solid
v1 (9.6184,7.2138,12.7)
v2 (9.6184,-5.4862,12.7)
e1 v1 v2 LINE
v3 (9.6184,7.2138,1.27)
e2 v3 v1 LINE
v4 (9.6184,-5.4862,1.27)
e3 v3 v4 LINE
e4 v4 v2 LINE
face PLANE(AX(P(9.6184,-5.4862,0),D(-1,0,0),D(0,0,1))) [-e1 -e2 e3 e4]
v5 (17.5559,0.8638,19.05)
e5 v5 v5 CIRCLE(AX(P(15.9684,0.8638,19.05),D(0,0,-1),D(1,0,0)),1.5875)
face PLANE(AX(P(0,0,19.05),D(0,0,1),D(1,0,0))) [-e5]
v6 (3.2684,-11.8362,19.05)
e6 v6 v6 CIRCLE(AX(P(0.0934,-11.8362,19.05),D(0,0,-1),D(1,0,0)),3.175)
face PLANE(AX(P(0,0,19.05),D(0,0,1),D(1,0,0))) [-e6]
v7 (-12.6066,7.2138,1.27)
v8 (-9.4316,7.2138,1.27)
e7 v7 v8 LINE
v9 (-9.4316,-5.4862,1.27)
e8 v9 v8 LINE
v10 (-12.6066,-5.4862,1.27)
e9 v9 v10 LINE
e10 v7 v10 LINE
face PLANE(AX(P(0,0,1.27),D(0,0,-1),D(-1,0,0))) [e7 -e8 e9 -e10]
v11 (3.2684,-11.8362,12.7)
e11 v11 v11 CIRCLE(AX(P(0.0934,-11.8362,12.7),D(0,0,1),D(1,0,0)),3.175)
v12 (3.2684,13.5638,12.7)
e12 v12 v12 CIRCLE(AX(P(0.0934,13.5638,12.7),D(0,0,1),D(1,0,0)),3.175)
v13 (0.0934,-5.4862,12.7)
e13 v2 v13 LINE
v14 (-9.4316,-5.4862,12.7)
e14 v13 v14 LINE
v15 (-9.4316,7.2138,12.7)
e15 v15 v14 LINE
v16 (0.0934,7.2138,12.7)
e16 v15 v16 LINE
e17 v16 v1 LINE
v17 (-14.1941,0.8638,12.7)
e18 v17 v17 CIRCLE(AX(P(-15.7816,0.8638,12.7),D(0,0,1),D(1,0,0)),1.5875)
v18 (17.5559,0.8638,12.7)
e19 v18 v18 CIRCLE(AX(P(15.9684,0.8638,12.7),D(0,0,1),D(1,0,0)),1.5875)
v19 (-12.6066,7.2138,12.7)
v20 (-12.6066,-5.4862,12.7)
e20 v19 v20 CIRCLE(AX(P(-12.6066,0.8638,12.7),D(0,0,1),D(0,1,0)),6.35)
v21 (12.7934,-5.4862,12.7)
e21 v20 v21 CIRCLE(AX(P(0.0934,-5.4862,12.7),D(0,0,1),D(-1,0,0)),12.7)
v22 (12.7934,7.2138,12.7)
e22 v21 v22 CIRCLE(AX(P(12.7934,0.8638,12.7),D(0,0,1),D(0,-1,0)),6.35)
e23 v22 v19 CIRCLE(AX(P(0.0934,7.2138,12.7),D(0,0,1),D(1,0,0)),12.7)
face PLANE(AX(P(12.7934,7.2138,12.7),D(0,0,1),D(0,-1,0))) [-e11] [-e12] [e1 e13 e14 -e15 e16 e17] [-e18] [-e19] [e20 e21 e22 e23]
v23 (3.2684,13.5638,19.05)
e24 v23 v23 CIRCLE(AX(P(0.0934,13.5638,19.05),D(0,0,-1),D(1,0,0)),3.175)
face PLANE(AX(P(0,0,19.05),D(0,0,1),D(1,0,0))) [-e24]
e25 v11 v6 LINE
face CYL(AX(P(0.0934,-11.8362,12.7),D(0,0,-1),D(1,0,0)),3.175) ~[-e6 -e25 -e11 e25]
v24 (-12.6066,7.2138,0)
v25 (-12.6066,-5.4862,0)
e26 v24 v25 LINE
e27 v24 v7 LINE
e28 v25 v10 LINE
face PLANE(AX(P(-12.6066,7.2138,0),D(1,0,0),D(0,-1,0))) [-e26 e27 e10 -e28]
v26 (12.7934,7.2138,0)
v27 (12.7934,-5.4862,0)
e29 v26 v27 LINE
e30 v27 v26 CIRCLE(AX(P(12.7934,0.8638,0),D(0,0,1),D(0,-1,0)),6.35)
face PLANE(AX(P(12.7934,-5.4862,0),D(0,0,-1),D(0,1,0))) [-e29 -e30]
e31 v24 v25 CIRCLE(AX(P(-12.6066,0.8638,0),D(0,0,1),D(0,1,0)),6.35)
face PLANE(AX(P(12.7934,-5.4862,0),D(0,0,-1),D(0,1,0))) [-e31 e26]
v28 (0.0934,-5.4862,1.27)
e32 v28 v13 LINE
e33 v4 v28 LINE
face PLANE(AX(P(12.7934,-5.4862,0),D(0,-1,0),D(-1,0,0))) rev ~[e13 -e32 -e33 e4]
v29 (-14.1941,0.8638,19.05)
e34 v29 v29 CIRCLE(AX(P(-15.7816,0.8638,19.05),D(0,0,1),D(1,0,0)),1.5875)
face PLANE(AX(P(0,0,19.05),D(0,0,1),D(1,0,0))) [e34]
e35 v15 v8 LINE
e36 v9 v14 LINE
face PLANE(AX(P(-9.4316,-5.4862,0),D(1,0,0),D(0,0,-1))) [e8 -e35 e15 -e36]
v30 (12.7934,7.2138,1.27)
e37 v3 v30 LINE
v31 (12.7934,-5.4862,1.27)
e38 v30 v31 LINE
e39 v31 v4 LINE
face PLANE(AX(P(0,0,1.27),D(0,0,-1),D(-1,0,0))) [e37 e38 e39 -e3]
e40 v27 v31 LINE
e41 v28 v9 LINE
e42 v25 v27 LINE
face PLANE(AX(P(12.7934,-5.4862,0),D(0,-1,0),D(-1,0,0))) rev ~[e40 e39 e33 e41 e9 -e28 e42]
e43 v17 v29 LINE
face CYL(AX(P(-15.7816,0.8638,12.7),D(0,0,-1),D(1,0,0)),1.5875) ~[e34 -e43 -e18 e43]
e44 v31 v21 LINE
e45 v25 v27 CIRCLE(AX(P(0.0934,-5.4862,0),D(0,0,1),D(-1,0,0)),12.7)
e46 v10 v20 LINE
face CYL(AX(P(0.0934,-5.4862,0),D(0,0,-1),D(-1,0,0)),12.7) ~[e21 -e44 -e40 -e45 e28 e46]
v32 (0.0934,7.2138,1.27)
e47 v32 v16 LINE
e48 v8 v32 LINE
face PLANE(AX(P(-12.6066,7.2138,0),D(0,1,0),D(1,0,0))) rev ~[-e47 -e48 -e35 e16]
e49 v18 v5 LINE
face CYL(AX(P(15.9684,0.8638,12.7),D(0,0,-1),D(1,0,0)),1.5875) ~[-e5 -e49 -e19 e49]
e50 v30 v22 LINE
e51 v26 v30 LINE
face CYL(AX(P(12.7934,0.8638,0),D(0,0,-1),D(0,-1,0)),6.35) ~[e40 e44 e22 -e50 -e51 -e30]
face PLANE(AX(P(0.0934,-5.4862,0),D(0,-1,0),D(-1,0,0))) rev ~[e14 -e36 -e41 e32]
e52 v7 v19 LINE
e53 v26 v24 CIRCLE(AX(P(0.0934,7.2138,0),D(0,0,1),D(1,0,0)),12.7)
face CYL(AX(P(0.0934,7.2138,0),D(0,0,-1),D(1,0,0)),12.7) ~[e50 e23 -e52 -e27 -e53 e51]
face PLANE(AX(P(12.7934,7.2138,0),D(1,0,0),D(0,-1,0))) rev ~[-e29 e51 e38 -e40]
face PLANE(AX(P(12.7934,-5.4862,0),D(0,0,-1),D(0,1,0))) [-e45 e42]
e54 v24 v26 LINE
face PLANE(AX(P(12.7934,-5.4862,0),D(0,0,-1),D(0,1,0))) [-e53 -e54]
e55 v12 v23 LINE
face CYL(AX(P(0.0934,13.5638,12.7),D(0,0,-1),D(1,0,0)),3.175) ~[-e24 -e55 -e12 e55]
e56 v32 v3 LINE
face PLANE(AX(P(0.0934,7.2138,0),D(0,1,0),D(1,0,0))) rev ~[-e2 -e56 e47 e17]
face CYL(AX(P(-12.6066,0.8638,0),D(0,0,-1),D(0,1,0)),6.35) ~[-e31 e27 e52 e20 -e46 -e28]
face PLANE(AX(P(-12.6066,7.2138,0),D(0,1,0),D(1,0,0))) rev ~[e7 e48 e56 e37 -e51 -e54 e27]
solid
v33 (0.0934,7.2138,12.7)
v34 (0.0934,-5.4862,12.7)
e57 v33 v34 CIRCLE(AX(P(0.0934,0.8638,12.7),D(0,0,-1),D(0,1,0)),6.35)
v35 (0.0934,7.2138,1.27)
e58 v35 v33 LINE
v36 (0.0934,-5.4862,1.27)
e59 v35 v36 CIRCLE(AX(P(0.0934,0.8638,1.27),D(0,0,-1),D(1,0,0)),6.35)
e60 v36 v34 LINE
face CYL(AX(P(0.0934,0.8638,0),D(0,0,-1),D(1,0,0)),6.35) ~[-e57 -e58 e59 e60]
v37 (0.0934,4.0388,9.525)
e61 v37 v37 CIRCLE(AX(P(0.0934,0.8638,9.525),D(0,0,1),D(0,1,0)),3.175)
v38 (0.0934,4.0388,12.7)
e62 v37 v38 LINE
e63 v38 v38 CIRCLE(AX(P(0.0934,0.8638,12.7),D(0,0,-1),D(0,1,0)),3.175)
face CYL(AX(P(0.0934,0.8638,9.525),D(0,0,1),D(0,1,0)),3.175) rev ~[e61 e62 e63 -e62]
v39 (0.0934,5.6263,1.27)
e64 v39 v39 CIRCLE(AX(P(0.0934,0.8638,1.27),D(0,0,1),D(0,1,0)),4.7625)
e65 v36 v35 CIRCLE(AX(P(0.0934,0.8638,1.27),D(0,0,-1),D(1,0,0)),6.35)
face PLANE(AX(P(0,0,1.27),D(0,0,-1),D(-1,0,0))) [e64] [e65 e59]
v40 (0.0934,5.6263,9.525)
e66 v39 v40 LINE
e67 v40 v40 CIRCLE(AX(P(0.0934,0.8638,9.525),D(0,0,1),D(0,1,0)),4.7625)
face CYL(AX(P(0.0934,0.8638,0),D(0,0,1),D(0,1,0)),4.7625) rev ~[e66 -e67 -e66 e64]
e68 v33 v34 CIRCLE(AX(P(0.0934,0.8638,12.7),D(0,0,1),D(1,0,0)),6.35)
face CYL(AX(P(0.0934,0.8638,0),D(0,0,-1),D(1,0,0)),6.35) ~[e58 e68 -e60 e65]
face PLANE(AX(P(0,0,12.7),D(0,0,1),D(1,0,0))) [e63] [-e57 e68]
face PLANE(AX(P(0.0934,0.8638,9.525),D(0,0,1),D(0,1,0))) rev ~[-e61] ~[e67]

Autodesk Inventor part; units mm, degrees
ref_plane "YZ Plane" through (0, 0, 0) normal (1, 0, 0) x (0, 1, 0)
ref_plane "XZ Plane" through (0, 0, 0) normal (0, 1, 0) x (-1, 0, 0)
ref_plane "XY Plane" through (0, 0, 0) normal (0, 0, 1) x (1, 0, 0)
sketch "Sketch1" plane through (0, 0, 0) normal (0, 0, 1) x (1, 0, 0)
  line L0 (-12.6066, 7.2138) -> (12.7934, 7.2138)
  line L1 (12.7934, 7.2138) -> (12.7934, -5.4862)
  line L2 (12.7934, -5.4862) -> (-12.6066, -5.4862)
  line L3 (-12.6066, -5.4862) -> (-12.6066, 7.2138)
  arc A0 (12.7934, 7.2138) -> (-12.6066, 7.2138) centre (0.0934, 7.2138) ccw
  arc A1 (-12.6066, -5.4862) -> (12.7934, -5.4862) centre (0.0934, -5.4862) ccw
  arc A2 (-12.6066, 7.2138) -> (-12.6066, -5.4862) centre (-12.6066, 0.8638) ccw
  arc A3 (12.7934, -5.4862) -> (12.7934, 7.2138) centre (12.7934, 0.8638) ccw
  circle A4 centre (0.0934, 0.8638) radius 6.35
  point P0 (0, 0)
  dimension "d0" = 12.7
  dimension "d1" = 25.4
extrude "Extrusion1" add sketch "Sketch1" along normal blind 12.7 contours A0 L0 | L3 A2 | A4 | L2 A1 | A3 L1
sketch "Sketch2" plane through (0, 0, 12.7) normal (0, 0, 1) x (1, 0, 0)
  line L0 (0.0934, 7.2138) -> (12.7934, 7.2138) projected
  line L1 (0.0934, 7.2138) -> (0.0934, 13.5638)
  line L2 (12.7934, -5.4862) -> (0.0934, -5.4862) projected
  line L3 (0.0934, -5.4862) -> (0.0934, -11.8362)
  circle A0 centre (0.0934, 13.5638) radius 3.175
  circle A1 centre (0.0934, -11.8362) radius 3.175
  point P0 (0, 0)
  dimension "d4" = 6.35
  dimension "d5" = 6.35
  dimension "d6" = 6.35
  dimension "d7" = 6.35
extrude "Extrusion2" add sketch "Sketch2" along normal blind 6.35
sketch "Sketch3" plane through (0, 0, 12.7) normal (0, 0, 1) x (1, 0, 0)
  line L0 (-12.6066, -5.4862) -> (-12.6066, 7.2138) projected
  line L1 (-12.6066, 0.8638) -> (-15.7816, 0.8638)
  line L2 (12.7934, 7.2138) -> (12.7934, -5.4862) projected
  line L3 (12.7934, 0.8638) -> (15.9684, 0.8638)
  circle A0 centre (-15.7816, 0.8638) radius 1.5875
  circle A1 centre (15.9684, 0.8638) radius 1.5875
  point P0 (0, 0)
  dimension "d10" = 3.175
  dimension "d11" = 3.175
  dimension "d12" = 3.175
  dimension "d13" = 3.175
extrude "Extrusion3" add sketch "Sketch3" along normal blind 6.35
sketch "Sketch4" plane through (0, 0, 12.7) normal (0, 0, 1) x (1, 0, 0)
  line L0 (-12.6066, 7.2138) -> (0.0934, 7.2138) projected
  arc A0 (0.0934, 7.2138) -> (0.0934, -5.4862) centre (0.0934, 0.8638) ccw projected
  line L1 (0.0934, 7.2138) -> (0.0934, 7.2138)
  arc A1 (0.0934, -5.4862) -> (0.0934, 7.2138) centre (0.0934, 0.8638) ccw projected
  circle A2 centre (0.0934, 0.8638) radius 3.175
  point P0 (0, 0)
  dimension "d16" = 6.35
extrude "Extrusion4" add sketch "Sketch4" along normal blind 6.35 contours A2
sketch "Sketch7" plane through (0, 0, 0) normal (0, 0, -1) x (-1, 0, 0)
  arc A0 (-0.0934, -5.4862) -> (-0.0934, 7.2138) centre (-0.0934, 0.8638) ccw projected
  point P0 (0, 0)
hole "Hole1" at (0.0934, 0.8638, 0) direction (0, 0, 1) diameter 6.35 end through all counterbore diameter 9.525 counterbore depth 9.525
sketch "Sketch8" plane through (-12.6066, -5.4862, 0) normal (1, 0, 0) x (0, 0, -1)
  line L0 (-12.7, 12.7) -> (-12.7, 0) projected
  line L1 (-12.7, 12.7) -> (0, 12.7)
  line L2 (0, 12.7) -> (0, 0)
  line L3 (0, 0) -> (-12.7, 0)
  line L4 (-12.7, 0) -> (-12.7, 12.7)
  point P0 (0, 5.4862)
extrude "Extrusion7" add sketch "Sketch8" along normal blind 3.175
sketch "Sketch9" plane through (12.7934, -5.4862, 0) normal (-1, 0, 0) x (0, 0, 1)
  line L0 (0, 0) -> (12.7, 0) projected
  line L1 (0, 12.7) -> (12.7, 12.7) projected
  line L2 (12.7, 0) -> (0, 0)
  line L3 (0, 0) -> (0, 12.7)
  line L4 (0, 12.7) -> (12.7, 12.7)
  line L5 (12.7, 12.7) -> (12.7, 0)
  point P0 (0, 5.4862)
extrude "Extrusion8" add sketch "Sketch9" along normal blind 3.175
sketch "Sketch10" plane through (0, 0, 0) normal (0, 0, -1) x (-1, 0, 0)
  arc A0 (-12.7934, 7.2138) -> (-12.7934, -5.4862) centre (-12.7934, 0.8638) ccw projected
  line L0 (-12.7934, 7.2138) -> (-12.7934, -5.4862)
  arc A1 (-12.7934, -5.4862) -> (12.6066, -5.4862) centre (-0.0934, -5.4862) ccw projected
  line L1 (-12.7934, -5.4862) -> (12.6066, -5.4862)
  line L2 (-9.6184, -5.4862) -> (-0.0934, -5.4862) projected
  arc A2 (12.6066, -5.4862) -> (12.6066, 7.2138) centre (12.6066, 0.8638) ccw projected
  line L3 (12.6066, -5.4862) -> (12.6066, -5.4862)
  line L4 (12.6066, 7.2138) -> (12.6066, -5.4862)
  line L5 (12.6066, 7.2138) -> (-12.7934, 7.2138)
  line L6 (-0.0934, 7.2138) -> (-9.6184, 7.2138) projected
  point P0 (0, 0)
extrude "Extrusion9" cut sketch "Sketch10" against normal blind 1.27 contours L5 L4 L1 L0
properties part number "Table"
